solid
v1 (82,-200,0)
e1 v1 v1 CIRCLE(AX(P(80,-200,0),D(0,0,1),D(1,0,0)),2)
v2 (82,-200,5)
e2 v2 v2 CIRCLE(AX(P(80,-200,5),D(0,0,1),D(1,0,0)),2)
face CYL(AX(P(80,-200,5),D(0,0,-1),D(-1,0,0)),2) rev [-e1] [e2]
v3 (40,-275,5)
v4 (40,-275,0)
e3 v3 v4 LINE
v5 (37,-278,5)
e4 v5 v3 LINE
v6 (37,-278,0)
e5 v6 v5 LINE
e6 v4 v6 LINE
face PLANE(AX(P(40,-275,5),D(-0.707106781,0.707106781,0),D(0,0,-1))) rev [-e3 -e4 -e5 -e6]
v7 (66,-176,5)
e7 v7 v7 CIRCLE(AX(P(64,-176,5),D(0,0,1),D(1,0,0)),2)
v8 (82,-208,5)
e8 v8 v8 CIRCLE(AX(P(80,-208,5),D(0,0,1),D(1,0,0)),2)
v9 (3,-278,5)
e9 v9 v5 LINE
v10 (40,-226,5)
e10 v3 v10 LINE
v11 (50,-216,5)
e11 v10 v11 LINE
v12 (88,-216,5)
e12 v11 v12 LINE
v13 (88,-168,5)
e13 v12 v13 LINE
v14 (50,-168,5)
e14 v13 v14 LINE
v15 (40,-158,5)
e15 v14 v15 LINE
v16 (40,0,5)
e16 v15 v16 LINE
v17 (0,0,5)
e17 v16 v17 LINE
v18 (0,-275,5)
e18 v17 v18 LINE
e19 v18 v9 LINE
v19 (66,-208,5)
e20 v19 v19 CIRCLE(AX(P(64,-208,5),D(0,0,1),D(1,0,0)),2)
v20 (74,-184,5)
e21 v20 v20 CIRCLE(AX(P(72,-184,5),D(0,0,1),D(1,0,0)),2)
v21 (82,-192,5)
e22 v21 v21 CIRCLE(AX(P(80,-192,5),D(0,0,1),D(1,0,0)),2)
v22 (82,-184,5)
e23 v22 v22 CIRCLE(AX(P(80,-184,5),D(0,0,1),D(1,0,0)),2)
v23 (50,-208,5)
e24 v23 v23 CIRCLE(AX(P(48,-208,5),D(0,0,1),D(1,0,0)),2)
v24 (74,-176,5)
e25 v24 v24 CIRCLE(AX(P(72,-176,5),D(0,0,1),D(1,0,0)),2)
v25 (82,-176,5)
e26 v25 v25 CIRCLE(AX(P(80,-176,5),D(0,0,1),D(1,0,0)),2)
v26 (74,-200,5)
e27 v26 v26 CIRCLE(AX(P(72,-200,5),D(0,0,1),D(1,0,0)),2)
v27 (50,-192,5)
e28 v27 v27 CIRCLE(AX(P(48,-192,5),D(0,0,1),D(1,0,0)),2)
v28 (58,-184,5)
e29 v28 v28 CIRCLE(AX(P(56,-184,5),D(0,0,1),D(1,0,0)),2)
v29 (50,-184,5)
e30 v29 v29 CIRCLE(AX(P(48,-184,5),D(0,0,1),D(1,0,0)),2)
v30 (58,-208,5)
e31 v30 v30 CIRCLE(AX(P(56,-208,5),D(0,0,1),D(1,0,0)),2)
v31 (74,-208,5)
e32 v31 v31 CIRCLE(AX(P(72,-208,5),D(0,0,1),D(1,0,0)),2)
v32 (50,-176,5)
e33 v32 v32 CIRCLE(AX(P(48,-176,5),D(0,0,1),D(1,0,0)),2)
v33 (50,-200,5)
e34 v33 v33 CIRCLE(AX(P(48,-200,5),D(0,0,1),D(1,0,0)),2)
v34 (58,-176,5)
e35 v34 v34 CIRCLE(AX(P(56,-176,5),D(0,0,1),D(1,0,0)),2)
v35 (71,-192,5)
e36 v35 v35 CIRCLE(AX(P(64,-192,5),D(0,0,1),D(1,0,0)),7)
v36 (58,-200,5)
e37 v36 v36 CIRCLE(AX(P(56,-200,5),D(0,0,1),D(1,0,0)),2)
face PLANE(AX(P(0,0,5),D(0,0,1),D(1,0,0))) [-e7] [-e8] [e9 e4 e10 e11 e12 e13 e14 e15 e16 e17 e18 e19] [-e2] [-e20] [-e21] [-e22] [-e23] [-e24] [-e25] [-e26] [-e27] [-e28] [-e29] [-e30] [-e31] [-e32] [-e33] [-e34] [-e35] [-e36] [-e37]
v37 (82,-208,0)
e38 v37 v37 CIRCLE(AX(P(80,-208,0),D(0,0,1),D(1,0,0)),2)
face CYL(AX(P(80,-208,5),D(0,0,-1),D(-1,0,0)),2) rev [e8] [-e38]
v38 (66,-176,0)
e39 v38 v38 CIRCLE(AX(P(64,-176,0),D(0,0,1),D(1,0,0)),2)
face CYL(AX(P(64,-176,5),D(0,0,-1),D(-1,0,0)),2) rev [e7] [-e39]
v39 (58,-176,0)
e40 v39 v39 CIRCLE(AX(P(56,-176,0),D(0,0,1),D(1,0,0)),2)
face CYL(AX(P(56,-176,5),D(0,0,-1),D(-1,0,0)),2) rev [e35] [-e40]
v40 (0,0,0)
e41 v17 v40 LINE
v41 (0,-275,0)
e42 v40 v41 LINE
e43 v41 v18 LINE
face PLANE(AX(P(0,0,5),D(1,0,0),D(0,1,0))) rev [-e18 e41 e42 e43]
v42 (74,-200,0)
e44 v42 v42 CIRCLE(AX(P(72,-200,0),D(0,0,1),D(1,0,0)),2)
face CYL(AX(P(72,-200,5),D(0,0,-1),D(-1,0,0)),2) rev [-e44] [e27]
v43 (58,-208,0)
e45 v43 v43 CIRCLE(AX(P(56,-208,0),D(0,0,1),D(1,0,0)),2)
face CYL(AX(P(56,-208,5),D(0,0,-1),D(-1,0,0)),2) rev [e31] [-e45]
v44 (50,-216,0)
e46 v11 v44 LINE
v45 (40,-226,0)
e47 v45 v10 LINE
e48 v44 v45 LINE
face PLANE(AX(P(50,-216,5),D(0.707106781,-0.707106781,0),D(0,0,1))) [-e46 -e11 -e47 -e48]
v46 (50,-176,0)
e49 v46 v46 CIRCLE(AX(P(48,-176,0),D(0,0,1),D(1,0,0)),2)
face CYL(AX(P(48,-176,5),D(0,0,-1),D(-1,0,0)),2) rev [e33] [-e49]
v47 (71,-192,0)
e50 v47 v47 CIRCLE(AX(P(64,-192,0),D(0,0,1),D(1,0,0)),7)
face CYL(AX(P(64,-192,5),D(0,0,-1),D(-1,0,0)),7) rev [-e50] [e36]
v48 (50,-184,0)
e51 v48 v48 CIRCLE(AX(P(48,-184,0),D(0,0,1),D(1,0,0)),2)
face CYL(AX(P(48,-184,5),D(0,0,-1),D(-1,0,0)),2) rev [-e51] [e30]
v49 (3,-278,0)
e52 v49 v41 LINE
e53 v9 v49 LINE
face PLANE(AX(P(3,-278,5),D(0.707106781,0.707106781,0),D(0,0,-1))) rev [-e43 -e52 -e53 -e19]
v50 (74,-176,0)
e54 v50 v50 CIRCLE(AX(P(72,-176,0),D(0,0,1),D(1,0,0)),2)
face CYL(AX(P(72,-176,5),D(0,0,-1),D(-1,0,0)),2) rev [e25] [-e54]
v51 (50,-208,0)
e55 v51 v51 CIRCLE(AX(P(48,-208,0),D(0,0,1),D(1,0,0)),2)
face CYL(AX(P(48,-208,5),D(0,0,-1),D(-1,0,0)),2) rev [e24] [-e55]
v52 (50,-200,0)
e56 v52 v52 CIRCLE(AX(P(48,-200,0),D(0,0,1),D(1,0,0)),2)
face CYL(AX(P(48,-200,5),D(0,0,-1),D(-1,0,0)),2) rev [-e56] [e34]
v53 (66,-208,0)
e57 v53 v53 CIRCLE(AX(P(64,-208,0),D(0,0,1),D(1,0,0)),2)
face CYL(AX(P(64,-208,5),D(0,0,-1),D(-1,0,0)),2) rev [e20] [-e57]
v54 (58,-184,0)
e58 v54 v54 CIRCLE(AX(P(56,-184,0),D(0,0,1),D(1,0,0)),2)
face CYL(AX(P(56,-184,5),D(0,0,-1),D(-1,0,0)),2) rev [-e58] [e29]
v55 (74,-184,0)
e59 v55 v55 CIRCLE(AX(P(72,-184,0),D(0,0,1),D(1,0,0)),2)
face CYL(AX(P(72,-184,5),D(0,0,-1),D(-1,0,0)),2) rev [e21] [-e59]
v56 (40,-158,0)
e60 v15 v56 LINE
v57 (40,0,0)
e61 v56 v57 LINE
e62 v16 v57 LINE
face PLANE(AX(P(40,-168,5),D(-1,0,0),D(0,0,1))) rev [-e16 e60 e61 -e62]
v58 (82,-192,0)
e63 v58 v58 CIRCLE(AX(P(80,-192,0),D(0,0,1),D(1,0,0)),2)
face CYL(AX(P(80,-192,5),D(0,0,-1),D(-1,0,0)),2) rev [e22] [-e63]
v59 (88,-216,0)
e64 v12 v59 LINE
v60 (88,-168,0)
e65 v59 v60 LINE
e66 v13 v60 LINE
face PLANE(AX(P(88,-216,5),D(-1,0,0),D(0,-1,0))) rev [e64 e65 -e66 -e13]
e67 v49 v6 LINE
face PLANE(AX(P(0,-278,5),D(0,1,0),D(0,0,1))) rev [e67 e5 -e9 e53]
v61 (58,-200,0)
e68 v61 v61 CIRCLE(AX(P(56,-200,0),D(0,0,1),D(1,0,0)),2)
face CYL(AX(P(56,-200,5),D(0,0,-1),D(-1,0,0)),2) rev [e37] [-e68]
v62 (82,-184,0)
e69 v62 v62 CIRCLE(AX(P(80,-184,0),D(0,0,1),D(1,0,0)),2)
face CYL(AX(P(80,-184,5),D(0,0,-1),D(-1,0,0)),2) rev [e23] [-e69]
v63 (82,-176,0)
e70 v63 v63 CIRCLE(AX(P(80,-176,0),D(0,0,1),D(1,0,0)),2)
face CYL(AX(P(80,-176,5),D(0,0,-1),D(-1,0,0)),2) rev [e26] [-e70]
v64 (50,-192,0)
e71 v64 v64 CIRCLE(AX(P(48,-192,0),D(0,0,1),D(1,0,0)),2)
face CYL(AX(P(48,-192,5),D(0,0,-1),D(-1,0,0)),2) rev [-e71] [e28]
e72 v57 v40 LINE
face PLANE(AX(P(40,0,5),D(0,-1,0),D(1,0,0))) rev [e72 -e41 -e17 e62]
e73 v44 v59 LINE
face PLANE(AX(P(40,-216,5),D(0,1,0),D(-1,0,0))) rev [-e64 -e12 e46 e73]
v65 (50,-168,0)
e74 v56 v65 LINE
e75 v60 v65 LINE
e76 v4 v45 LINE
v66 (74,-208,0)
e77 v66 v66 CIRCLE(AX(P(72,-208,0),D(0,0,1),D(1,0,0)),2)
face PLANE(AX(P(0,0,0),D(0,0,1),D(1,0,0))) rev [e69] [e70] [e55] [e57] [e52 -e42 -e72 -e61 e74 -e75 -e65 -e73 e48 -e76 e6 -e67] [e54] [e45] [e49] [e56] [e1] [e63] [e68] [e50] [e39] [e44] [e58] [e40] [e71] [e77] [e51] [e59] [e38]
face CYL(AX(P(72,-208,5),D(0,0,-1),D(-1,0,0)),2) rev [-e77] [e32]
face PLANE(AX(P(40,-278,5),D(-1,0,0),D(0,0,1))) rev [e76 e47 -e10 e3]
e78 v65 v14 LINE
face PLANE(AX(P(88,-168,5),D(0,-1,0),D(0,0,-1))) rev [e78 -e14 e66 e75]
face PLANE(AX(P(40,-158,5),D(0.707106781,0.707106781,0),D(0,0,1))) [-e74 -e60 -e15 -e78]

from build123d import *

# Parameters (mm, degrees)
SKETCH1_R           = 7
SKETCH1_R_2         = 2
BOSS_EXTRUDE1_DEPTH = 5
CHAMFER2_SIZE       = 3
CHAMFER3_SIZE       = 10


with BuildPart() as part:
    # Sketch1 → Boss-Extrude1 (new body)
    with BuildSketch(Plane.XY):
        Polygon((0, 0), (0, -278), (40, -278), (40, -216), (88, -216), (88, -168), (40, -168), (40, 0), align=None)
        with Locations((64, -192)):
            Circle(SKETCH1_R, mode=Mode.SUBTRACT)
        with Locations((48, -176)):
            Circle(SKETCH1_R_2, mode=Mode.SUBTRACT)
        with Locations((56, -176)):
            Circle(SKETCH1_R_2, mode=Mode.SUBTRACT)
        with Locations((64, -176)):
            Circle(SKETCH1_R_2, mode=Mode.SUBTRACT)
        with Locations((72, -176)):
            Circle(SKETCH1_R_2, mode=Mode.SUBTRACT)
        with Locations((80, -176)):
            Circle(SKETCH1_R_2, mode=Mode.SUBTRACT)
        with Locations((56, -184)):
            Circle(SKETCH1_R_2, mode=Mode.SUBTRACT)
        with Locations((72, -184)):
            Circle(SKETCH1_R_2, mode=Mode.SUBTRACT)
        with Locations((80, -184)):
            Circle(SKETCH1_R_2, mode=Mode.SUBTRACT)
        with Locations((80, -192)):
            Circle(SKETCH1_R_2, mode=Mode.SUBTRACT)
        with Locations((56, -200)):
            Circle(SKETCH1_R_2, mode=Mode.SUBTRACT)
        with Locations((72, -200)):
            Circle(SKETCH1_R_2, mode=Mode.SUBTRACT)
        with Locations((80, -200)):
            Circle(SKETCH1_R_2, mode=Mode.SUBTRACT)
        with Locations((56, -208)):
            Circle(SKETCH1_R_2, mode=Mode.SUBTRACT)
        with Locations((64, -208)):
            Circle(SKETCH1_R_2, mode=Mode.SUBTRACT)
        with Locations((72, -208)):
            Circle(SKETCH1_R_2, mode=Mode.SUBTRACT)
        with Locations((80, -208)):
            Circle(SKETCH1_R_2, mode=Mode.SUBTRACT)
        with Locations((48, -184)):
            Circle(SKETCH1_R_2, mode=Mode.SUBTRACT)
        with Locations((48, -192)):
            Circle(SKETCH1_R_2, mode=Mode.SUBTRACT)
        with Locations((48, -200)):
            Circle(SKETCH1_R_2, mode=Mode.SUBTRACT)
        with Locations((48, -208)):
            Circle(SKETCH1_R_2, mode=Mode.SUBTRACT)
    extrude(amount=BOSS_EXTRUDE1_DEPTH)

    # Chamfer2
    chamfer2_edges = [part.edges().sort_by_distance(p)[0] for p in [
        (40, -278, 2.5),
        (0, -278, 2.5),
    ]]
    chamfer(chamfer2_edges, length=CHAMFER2_SIZE)

    # Chamfer3
    chamfer3_edges = [part.edges().sort_by_distance(p)[0] for p in [
        (40, -168, 2.5),
        (40, -216, 2.5),
    ]]
    chamfer(chamfer3_edges, length=CHAMFER3_SIZE)


solid = part.part
